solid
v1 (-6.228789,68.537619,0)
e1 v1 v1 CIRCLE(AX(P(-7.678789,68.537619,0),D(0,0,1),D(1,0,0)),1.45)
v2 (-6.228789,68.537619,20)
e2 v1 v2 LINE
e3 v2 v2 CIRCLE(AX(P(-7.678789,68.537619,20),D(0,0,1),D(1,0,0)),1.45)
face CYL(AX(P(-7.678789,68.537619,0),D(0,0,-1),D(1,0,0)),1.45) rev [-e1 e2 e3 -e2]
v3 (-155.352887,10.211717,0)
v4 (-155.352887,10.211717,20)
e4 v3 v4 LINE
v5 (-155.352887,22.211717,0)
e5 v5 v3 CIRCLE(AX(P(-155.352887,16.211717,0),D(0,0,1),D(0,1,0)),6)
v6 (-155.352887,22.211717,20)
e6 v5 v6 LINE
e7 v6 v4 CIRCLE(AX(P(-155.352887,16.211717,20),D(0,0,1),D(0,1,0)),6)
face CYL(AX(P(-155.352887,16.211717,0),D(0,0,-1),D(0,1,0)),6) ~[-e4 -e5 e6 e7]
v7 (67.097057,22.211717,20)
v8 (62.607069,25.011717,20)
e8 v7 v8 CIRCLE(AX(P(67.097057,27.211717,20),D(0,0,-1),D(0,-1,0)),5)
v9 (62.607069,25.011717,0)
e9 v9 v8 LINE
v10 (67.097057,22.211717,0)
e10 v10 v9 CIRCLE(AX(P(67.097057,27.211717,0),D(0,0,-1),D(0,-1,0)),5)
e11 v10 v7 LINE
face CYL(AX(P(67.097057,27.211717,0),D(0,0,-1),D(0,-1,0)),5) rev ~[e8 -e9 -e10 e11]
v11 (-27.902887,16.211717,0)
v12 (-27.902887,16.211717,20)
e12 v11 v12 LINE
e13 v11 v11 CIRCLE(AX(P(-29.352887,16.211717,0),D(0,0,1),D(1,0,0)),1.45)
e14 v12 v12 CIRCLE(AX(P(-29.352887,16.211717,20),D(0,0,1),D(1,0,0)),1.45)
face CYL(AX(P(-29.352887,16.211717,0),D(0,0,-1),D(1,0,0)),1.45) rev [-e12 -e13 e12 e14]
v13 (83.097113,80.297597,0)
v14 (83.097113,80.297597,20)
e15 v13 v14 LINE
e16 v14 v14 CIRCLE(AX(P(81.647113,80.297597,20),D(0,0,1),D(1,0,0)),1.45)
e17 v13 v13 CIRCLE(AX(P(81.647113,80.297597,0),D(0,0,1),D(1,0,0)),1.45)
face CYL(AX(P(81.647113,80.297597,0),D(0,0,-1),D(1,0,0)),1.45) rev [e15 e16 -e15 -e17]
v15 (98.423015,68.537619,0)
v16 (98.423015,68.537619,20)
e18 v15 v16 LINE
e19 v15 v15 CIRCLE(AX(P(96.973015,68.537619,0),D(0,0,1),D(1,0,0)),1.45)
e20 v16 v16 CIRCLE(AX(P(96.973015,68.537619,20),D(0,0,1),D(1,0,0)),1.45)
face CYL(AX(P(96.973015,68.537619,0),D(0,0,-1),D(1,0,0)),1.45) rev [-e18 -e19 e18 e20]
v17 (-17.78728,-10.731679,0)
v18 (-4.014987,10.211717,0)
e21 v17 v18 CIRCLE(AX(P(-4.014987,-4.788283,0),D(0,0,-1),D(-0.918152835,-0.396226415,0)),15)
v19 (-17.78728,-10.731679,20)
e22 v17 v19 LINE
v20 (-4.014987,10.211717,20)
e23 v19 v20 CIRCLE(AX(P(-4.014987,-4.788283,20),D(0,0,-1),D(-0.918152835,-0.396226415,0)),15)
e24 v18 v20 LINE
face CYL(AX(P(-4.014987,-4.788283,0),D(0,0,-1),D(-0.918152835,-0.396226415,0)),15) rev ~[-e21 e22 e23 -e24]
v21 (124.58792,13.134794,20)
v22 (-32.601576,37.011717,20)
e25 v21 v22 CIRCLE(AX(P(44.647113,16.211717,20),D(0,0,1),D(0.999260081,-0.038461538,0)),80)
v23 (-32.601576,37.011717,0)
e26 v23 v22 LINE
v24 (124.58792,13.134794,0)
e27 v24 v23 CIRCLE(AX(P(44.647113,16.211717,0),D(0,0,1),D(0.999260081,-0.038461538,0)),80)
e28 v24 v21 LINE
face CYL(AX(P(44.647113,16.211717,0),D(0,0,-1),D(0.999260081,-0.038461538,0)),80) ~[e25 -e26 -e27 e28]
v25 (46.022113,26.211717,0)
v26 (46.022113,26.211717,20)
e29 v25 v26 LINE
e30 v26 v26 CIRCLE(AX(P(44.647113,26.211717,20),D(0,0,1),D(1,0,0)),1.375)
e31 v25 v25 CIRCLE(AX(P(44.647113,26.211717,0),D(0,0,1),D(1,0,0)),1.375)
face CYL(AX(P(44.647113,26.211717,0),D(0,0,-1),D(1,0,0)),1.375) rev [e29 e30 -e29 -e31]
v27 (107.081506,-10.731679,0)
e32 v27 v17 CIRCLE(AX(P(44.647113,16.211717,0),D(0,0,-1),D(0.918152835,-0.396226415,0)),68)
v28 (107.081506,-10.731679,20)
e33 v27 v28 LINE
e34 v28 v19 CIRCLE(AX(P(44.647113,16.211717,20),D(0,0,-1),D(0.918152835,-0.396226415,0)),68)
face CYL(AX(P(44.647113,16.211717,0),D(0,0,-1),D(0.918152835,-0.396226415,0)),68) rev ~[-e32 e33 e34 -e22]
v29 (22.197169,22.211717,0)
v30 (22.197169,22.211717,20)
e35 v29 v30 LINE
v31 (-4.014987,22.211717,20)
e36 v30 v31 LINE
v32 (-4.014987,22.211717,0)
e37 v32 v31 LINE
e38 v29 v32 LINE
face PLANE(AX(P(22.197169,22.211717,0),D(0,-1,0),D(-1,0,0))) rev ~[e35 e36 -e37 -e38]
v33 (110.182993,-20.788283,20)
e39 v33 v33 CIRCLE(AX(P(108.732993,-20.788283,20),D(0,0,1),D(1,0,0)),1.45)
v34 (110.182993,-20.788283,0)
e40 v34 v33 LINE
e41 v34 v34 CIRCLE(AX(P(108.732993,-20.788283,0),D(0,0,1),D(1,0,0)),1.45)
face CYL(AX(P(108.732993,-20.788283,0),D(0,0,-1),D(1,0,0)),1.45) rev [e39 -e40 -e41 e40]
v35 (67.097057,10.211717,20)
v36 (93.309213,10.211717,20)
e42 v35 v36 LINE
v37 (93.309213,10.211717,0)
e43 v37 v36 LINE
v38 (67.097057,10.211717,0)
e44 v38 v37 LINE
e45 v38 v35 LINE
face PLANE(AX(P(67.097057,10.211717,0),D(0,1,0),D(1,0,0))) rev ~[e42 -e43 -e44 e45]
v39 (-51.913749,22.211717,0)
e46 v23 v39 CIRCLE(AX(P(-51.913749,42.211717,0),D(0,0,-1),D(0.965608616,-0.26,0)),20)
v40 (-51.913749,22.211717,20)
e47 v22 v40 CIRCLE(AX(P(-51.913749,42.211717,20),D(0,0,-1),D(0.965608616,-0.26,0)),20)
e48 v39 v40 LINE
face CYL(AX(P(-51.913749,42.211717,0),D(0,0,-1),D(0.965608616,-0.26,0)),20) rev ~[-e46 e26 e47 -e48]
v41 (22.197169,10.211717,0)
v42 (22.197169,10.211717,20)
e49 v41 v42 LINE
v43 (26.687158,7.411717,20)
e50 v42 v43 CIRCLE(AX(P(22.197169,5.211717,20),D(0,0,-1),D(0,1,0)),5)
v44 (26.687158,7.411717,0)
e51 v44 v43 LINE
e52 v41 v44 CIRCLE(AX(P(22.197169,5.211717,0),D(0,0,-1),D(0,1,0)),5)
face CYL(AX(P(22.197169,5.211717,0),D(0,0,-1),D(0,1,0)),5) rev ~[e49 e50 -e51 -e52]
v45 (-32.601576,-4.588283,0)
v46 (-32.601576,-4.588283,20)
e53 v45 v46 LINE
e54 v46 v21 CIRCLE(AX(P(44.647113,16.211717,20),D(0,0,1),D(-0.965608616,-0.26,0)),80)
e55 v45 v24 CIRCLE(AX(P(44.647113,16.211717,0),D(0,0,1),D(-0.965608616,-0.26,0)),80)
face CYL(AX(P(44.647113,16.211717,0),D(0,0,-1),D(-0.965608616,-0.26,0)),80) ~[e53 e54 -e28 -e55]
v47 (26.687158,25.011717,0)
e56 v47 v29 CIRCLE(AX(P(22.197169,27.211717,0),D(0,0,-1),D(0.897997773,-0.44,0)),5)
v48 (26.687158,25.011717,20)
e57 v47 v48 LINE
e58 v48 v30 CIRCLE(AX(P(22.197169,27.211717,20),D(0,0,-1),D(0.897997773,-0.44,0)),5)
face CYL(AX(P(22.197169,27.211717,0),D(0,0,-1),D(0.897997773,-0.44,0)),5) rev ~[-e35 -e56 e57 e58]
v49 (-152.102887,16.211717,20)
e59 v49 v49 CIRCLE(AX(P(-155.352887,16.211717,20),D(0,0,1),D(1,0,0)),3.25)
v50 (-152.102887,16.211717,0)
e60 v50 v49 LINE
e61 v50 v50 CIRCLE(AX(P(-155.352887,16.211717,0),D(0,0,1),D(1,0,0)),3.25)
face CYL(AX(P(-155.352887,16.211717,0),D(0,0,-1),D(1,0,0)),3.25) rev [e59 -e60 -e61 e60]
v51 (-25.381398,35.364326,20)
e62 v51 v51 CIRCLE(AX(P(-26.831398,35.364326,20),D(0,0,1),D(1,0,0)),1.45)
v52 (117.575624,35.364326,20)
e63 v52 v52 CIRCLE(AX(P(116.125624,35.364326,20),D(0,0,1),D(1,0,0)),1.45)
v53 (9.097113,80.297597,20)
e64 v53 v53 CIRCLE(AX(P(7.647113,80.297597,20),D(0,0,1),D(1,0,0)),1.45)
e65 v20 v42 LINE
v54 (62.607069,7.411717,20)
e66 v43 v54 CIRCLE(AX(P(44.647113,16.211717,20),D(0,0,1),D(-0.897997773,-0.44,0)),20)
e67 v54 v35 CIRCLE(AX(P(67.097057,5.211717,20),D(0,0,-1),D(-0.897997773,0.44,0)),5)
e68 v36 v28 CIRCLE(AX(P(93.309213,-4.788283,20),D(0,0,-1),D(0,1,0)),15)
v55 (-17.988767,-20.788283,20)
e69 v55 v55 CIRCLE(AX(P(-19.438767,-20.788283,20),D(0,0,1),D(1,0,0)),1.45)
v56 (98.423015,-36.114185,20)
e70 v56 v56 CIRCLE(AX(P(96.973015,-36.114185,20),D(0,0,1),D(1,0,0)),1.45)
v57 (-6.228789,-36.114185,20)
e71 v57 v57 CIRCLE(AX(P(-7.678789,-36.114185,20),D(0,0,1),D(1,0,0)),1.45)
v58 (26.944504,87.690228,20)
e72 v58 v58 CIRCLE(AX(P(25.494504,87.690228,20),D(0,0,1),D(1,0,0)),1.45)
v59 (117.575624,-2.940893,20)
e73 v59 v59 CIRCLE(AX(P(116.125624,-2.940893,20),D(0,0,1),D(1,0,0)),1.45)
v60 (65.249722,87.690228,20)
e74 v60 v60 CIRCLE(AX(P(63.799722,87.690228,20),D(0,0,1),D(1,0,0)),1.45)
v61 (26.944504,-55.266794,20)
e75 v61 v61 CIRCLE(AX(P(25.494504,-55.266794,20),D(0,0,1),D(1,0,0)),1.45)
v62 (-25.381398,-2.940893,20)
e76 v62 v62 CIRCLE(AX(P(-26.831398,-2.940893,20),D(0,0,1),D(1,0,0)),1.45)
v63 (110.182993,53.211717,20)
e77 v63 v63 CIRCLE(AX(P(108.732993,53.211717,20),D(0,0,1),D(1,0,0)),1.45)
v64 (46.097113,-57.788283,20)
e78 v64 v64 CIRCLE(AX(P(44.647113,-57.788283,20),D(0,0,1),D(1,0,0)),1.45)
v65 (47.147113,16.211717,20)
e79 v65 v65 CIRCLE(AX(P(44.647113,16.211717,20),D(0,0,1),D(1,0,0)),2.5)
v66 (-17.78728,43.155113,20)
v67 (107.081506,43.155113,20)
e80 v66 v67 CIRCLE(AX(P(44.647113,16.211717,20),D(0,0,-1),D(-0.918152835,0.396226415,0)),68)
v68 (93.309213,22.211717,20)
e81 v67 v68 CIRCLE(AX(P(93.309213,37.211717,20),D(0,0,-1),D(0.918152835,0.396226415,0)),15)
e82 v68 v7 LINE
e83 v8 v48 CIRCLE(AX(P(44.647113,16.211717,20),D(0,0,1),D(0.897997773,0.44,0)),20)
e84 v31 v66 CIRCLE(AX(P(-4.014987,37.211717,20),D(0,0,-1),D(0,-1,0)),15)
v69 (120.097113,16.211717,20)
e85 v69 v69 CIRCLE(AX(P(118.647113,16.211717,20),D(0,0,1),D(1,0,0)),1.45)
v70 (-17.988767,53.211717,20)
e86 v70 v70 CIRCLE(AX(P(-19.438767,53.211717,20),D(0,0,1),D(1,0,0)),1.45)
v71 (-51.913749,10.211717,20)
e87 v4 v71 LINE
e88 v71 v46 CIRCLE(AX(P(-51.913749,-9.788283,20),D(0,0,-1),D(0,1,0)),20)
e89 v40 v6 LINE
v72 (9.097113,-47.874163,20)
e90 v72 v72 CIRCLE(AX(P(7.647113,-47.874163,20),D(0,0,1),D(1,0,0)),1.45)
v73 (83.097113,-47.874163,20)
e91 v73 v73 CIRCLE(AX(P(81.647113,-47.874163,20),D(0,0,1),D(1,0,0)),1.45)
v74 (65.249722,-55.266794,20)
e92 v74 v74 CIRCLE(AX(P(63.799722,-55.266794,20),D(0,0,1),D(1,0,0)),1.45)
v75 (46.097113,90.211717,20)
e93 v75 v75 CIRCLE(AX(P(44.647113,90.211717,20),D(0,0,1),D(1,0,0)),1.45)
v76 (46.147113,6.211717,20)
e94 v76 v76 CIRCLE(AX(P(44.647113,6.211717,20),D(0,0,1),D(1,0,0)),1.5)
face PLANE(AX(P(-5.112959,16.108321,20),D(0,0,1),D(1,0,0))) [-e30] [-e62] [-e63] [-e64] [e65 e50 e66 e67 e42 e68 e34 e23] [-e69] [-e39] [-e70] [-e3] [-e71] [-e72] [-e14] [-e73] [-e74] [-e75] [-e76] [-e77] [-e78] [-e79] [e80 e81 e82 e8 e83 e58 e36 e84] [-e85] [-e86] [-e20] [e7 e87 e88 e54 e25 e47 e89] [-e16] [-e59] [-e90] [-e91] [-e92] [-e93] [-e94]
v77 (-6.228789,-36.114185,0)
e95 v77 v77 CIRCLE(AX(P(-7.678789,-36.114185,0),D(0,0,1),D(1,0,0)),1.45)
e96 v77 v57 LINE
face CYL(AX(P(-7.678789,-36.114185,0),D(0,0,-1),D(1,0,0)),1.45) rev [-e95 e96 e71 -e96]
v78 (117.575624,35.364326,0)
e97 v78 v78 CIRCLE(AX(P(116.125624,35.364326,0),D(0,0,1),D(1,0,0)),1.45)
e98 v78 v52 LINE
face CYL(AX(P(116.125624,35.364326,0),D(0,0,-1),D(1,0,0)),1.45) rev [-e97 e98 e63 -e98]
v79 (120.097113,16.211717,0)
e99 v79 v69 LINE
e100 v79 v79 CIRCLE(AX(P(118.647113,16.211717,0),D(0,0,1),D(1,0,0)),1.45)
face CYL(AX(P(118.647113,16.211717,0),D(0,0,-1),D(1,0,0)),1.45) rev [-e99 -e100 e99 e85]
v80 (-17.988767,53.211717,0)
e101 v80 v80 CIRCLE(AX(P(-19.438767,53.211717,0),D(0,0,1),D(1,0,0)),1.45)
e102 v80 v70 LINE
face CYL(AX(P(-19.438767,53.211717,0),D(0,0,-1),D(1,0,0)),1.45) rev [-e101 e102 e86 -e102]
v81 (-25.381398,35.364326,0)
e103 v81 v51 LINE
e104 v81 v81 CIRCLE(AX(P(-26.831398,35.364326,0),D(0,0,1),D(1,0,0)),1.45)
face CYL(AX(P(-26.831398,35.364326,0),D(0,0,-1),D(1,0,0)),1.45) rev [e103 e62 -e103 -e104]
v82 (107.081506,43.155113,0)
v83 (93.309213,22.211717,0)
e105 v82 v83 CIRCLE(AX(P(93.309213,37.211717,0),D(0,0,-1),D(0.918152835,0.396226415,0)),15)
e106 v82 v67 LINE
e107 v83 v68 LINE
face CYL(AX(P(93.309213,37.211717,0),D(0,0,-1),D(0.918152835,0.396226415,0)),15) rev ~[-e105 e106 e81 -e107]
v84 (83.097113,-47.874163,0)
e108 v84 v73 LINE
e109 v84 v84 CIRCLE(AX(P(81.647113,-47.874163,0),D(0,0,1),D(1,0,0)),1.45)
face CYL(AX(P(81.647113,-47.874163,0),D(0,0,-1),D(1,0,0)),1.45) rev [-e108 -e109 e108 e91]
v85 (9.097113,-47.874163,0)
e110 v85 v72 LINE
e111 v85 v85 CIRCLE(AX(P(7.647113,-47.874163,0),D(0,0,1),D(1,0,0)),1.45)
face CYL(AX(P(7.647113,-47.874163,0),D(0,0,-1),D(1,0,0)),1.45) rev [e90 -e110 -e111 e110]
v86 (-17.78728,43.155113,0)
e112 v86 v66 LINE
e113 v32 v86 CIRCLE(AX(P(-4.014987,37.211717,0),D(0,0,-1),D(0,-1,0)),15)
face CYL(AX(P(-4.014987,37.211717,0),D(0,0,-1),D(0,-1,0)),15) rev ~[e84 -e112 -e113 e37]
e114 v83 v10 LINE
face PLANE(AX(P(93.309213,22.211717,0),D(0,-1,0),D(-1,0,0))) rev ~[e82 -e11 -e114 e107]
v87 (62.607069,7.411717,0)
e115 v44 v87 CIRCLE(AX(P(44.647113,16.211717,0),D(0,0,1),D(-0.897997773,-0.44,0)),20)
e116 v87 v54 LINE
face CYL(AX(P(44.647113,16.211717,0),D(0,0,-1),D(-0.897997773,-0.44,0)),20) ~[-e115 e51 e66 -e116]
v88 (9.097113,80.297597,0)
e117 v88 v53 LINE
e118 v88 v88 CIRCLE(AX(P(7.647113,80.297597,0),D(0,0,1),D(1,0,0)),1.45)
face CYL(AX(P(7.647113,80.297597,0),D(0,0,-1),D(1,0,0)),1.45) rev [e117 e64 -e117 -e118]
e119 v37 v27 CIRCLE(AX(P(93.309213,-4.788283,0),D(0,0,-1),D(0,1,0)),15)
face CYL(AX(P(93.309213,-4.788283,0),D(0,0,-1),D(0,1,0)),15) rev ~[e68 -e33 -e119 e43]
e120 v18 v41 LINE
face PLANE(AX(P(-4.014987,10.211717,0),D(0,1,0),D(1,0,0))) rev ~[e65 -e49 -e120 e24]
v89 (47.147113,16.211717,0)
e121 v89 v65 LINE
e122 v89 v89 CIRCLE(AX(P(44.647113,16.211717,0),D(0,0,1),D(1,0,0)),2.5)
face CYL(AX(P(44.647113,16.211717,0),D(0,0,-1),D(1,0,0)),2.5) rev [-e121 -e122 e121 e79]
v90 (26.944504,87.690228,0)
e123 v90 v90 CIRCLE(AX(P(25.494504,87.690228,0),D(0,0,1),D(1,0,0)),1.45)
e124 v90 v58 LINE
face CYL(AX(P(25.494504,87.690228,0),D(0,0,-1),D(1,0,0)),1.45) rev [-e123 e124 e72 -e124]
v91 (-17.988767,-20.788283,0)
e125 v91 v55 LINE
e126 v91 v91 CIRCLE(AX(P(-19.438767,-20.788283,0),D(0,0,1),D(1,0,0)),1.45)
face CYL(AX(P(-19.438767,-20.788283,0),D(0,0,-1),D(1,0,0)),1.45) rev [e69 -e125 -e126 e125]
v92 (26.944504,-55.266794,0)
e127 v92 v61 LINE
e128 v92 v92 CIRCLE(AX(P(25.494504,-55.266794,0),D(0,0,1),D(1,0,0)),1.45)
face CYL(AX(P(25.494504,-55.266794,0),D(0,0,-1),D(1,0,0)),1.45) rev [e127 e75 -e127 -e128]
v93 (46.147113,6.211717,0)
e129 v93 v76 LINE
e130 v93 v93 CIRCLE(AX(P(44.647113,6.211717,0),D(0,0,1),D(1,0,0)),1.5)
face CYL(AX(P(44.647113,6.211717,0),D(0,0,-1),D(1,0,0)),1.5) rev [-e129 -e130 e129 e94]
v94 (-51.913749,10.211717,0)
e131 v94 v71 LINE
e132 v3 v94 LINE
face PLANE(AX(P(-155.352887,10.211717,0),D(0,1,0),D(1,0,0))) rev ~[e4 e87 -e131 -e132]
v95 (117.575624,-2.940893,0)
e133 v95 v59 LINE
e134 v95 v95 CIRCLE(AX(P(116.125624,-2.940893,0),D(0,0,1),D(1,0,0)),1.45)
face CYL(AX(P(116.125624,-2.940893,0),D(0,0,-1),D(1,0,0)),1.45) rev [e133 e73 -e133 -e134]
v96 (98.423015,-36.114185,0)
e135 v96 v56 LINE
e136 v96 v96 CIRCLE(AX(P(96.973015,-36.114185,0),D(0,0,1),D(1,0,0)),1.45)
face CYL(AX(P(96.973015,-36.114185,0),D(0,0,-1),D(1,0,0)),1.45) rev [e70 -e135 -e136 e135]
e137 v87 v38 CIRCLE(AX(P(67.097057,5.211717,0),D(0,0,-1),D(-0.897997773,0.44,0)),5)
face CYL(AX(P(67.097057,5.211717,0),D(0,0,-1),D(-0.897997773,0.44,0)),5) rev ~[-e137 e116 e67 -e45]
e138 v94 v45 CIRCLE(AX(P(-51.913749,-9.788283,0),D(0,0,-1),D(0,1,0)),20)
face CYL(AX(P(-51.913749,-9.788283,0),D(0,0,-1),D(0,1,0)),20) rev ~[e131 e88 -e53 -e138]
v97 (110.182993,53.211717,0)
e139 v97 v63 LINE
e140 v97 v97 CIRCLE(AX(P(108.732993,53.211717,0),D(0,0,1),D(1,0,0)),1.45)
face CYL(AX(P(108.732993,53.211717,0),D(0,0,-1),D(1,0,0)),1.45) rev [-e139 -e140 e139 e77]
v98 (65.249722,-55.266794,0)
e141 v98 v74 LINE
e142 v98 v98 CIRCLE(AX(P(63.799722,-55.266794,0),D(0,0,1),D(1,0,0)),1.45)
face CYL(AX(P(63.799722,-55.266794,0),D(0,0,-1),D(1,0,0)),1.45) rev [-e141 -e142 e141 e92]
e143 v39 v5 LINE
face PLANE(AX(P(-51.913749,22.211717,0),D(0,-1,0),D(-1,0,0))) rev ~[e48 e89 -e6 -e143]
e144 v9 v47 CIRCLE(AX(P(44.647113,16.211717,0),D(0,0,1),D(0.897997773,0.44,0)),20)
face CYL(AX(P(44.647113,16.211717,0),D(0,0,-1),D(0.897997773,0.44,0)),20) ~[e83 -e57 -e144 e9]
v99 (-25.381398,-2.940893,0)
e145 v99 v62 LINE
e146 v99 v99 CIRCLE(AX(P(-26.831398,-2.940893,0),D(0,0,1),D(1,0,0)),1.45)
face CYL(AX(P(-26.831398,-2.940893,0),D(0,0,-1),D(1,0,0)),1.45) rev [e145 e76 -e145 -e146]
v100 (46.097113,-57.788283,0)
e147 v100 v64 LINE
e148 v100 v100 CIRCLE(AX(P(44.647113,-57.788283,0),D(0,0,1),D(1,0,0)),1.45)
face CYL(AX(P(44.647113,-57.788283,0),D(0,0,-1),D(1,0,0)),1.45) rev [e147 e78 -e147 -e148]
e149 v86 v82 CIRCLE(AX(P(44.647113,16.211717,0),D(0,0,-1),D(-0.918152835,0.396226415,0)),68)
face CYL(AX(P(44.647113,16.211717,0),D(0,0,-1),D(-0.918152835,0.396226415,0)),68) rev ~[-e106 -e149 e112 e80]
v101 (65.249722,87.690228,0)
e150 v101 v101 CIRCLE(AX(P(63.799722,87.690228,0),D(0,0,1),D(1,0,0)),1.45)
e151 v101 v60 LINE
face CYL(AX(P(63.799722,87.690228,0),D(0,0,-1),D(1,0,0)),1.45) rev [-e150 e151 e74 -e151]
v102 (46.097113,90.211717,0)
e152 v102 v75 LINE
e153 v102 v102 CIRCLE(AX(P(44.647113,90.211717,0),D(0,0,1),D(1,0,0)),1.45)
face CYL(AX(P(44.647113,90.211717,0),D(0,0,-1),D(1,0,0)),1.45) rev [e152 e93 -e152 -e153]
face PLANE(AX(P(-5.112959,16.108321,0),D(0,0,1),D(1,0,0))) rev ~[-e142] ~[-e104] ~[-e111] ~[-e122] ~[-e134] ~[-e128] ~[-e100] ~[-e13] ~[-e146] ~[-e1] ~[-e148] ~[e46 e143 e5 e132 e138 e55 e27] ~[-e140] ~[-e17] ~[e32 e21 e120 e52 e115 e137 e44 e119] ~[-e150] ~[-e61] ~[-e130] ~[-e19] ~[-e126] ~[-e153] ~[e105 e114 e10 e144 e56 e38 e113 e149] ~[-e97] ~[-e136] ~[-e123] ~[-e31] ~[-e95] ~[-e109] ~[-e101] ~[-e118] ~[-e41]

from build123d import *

# Parameters (mm, degrees)
SKETCH1_R           = 1.450000001
SKETCH1_R_2         = 3.250000001
SKETCH1_R_3         = 1.5
SKETCH1_R_4         = 2.5
SKETCH1_R_5         = 1.375000001
BOSS_EXTRUDE2_DEPTH = 20


with BuildPart() as part:
    # Sketch1 → Boss-Extrude2 (new body)
    with BuildSketch(Plane.XY):
        with BuildLine():
            Line((-155.352886895, 10.211716756), (-51.913748531, 10.211716756))
            ThreePointArc((-51.913748531, 10.211716756), (-39.74822347, 6.086224622), (-32.601576204, -4.588283244))
            ThreePointArc((-32.601576204, -4.588283244), (53.610301025, -63.284580406), (124.587919611, 13.13479368))
            ThreePointArc((124.587919611, 13.13479368), (56.661218885, 95.304455124), (-32.601576204, 37.011716756))
            ThreePointArc((-32.601576204, 37.011716756), (-39.74822347, 26.33720889), (-51.913748531, 22.211716756))
            Line((-51.913748531, 22.211716756), (-155.352886895, 22.211716756))
            ThreePointArc((-155.352886895, 22.211716756), (-161.352886895, 16.211716756), (-155.352886895, 10.211716756))
        make_face()
        with Locations((-19.438766774, -20.788283242)):
            Circle(SKETCH1_R, mode=Mode.SUBTRACT)
        with Locations((-26.831398039, -2.940892579)):
            Circle(SKETCH1_R, mode=Mode.SUBTRACT)
        with Locations((-155.352886895, 16.211716756)):
            Circle(SKETCH1_R_2, mode=Mode.SUBTRACT)
        with Locations((-26.831398039, 35.364326096)):
            Circle(SKETCH1_R, mode=Mode.SUBTRACT)
        with Locations((-19.438766774, 53.211716759)):
            Circle(SKETCH1_R, mode=Mode.SUBTRACT)
        with Locations((-29.352886893, 16.211716758)):
            Circle(SKETCH1_R, mode=Mode.SUBTRACT)
        with Locations((44.647113106, 6.211716759)):
            Circle(SKETCH1_R_3, mode=Mode.SUBTRACT)
        with Locations((116.125624253, -2.940892579)):
            Circle(SKETCH1_R, mode=Mode.SUBTRACT)
        with Locations((108.732992988, -20.788283242)):
            Circle(SKETCH1_R, mode=Mode.SUBTRACT)
        with Locations((96.973014915, -36.114185049)):
            Circle(SKETCH1_R, mode=Mode.SUBTRACT)
        with Locations((81.647113106, -47.874163121)):
            Circle(SKETCH1_R, mode=Mode.SUBTRACT)
        with Locations((63.799722443, -55.266794386)):
            Circle(SKETCH1_R, mode=Mode.SUBTRACT)
        with Locations((44.647113106, -57.788283242)):
            Circle(SKETCH1_R, mode=Mode.SUBTRACT)
        with Locations((25.494503768, -55.266794386)):
            Circle(SKETCH1_R, mode=Mode.SUBTRACT)
        with Locations((7.647113108, -47.874163121)):
            Circle(SKETCH1_R, mode=Mode.SUBTRACT)
        with Locations((-7.678788702, -36.114185049)):
            Circle(SKETCH1_R, mode=Mode.SUBTRACT)
        with Locations((44.647113106, 16.211716756)):
            Circle(SKETCH1_R_4, mode=Mode.SUBTRACT)
        with Locations((-7.678788702, 68.537618566)):
            Circle(SKETCH1_R, mode=Mode.SUBTRACT)
        with Locations((7.647113108, 80.297596638)):
            Circle(SKETCH1_R, mode=Mode.SUBTRACT)
        with Locations((25.494503768, 87.690227903)):
            Circle(SKETCH1_R, mode=Mode.SUBTRACT)
        with Locations((44.647113106, 90.211716759)):
            Circle(SKETCH1_R, mode=Mode.SUBTRACT)
        with Locations((63.799722443, 87.690227903)):
            Circle(SKETCH1_R, mode=Mode.SUBTRACT)
        with Locations((81.647113106, 80.297596638)):
            Circle(SKETCH1_R, mode=Mode.SUBTRACT)
        with Locations((96.973014915, 68.537618566)):
            Circle(SKETCH1_R, mode=Mode.SUBTRACT)
        with Locations((108.732992988, 53.211716759)):
            Circle(SKETCH1_R, mode=Mode.SUBTRACT)
        with Locations((116.125624253, 35.364326096)):
            Circle(SKETCH1_R, mode=Mode.SUBTRACT)
        with Locations((44.647113106, 26.211716758)):
            Circle(SKETCH1_R_5, mode=Mode.SUBTRACT)
        with Locations((118.647113104, 16.211716758)):
            Circle(SKETCH1_R, mode=Mode.SUBTRACT)
        with BuildLine():
            Line((-4.014987137, 10.211716754), (22.197168785, 10.211716754))
            ThreePointArc((22.197168785, 10.211716754), (24.842920096, 9.454357441), (26.687157649, 7.411716754))
            ThreePointArc((26.687157649, 7.411716754), (44.647113107, -3.788283245), (62.607068564, 7.411716755))
            ThreePointArc((62.607068564, 7.411716755), (64.451306117, 9.454357442), (67.097057428, 10.211716755))
            Line((67.097057428, 10.211716755), (93.309213348, 10.211716755))
            ThreePointArc((93.309213348, 10.211716755), (105.842188723, 3.453350593), (107.081505871, -10.731679472))
            ThreePointArc((107.081505871, -10.731679472), (44.647113106, -51.788283245), (-17.787279658, -10.731679472))
            ThreePointArc((-17.787279658, -10.731679472), (-16.54796251, 3.453350591), (-4.014987137, 10.211716754))
        make_face(mode=Mode.SUBTRACT)
        with BuildLine():
            Line((93.309213348, 22.211716754), (67.097057429, 22.211716754))
            ThreePointArc((67.097057429, 22.211716754), (64.451306116, 22.969076068), (62.607068563, 25.011716756))
            ThreePointArc((62.607068563, 25.011716756), (44.647113106, 36.211716756), (26.68715765, 25.011716756))
            ThreePointArc((26.68715765, 25.011716756), (24.842920097, 22.969076069), (22.197168786, 22.211716756))
            Line((22.197168786, 22.211716756), (-4.014987136, 22.211716756))
            ThreePointArc((-4.014987136, 22.211716756), (-16.547962509, 28.970082919), (-17.787279657, 43.155112983))
            ThreePointArc((-17.787279657, 43.155112983), (44.647113107, 84.211716756), (107.08150587, 43.155112983))
            ThreePointArc((107.08150587, 43.155112983), (105.842188723, 28.970082917), (93.309213348, 22.211716754))
        make_face(mode=Mode.SUBTRACT)
    extrude(amount=BOSS_EXTRUDE2_DEPTH)


solid = part.part
